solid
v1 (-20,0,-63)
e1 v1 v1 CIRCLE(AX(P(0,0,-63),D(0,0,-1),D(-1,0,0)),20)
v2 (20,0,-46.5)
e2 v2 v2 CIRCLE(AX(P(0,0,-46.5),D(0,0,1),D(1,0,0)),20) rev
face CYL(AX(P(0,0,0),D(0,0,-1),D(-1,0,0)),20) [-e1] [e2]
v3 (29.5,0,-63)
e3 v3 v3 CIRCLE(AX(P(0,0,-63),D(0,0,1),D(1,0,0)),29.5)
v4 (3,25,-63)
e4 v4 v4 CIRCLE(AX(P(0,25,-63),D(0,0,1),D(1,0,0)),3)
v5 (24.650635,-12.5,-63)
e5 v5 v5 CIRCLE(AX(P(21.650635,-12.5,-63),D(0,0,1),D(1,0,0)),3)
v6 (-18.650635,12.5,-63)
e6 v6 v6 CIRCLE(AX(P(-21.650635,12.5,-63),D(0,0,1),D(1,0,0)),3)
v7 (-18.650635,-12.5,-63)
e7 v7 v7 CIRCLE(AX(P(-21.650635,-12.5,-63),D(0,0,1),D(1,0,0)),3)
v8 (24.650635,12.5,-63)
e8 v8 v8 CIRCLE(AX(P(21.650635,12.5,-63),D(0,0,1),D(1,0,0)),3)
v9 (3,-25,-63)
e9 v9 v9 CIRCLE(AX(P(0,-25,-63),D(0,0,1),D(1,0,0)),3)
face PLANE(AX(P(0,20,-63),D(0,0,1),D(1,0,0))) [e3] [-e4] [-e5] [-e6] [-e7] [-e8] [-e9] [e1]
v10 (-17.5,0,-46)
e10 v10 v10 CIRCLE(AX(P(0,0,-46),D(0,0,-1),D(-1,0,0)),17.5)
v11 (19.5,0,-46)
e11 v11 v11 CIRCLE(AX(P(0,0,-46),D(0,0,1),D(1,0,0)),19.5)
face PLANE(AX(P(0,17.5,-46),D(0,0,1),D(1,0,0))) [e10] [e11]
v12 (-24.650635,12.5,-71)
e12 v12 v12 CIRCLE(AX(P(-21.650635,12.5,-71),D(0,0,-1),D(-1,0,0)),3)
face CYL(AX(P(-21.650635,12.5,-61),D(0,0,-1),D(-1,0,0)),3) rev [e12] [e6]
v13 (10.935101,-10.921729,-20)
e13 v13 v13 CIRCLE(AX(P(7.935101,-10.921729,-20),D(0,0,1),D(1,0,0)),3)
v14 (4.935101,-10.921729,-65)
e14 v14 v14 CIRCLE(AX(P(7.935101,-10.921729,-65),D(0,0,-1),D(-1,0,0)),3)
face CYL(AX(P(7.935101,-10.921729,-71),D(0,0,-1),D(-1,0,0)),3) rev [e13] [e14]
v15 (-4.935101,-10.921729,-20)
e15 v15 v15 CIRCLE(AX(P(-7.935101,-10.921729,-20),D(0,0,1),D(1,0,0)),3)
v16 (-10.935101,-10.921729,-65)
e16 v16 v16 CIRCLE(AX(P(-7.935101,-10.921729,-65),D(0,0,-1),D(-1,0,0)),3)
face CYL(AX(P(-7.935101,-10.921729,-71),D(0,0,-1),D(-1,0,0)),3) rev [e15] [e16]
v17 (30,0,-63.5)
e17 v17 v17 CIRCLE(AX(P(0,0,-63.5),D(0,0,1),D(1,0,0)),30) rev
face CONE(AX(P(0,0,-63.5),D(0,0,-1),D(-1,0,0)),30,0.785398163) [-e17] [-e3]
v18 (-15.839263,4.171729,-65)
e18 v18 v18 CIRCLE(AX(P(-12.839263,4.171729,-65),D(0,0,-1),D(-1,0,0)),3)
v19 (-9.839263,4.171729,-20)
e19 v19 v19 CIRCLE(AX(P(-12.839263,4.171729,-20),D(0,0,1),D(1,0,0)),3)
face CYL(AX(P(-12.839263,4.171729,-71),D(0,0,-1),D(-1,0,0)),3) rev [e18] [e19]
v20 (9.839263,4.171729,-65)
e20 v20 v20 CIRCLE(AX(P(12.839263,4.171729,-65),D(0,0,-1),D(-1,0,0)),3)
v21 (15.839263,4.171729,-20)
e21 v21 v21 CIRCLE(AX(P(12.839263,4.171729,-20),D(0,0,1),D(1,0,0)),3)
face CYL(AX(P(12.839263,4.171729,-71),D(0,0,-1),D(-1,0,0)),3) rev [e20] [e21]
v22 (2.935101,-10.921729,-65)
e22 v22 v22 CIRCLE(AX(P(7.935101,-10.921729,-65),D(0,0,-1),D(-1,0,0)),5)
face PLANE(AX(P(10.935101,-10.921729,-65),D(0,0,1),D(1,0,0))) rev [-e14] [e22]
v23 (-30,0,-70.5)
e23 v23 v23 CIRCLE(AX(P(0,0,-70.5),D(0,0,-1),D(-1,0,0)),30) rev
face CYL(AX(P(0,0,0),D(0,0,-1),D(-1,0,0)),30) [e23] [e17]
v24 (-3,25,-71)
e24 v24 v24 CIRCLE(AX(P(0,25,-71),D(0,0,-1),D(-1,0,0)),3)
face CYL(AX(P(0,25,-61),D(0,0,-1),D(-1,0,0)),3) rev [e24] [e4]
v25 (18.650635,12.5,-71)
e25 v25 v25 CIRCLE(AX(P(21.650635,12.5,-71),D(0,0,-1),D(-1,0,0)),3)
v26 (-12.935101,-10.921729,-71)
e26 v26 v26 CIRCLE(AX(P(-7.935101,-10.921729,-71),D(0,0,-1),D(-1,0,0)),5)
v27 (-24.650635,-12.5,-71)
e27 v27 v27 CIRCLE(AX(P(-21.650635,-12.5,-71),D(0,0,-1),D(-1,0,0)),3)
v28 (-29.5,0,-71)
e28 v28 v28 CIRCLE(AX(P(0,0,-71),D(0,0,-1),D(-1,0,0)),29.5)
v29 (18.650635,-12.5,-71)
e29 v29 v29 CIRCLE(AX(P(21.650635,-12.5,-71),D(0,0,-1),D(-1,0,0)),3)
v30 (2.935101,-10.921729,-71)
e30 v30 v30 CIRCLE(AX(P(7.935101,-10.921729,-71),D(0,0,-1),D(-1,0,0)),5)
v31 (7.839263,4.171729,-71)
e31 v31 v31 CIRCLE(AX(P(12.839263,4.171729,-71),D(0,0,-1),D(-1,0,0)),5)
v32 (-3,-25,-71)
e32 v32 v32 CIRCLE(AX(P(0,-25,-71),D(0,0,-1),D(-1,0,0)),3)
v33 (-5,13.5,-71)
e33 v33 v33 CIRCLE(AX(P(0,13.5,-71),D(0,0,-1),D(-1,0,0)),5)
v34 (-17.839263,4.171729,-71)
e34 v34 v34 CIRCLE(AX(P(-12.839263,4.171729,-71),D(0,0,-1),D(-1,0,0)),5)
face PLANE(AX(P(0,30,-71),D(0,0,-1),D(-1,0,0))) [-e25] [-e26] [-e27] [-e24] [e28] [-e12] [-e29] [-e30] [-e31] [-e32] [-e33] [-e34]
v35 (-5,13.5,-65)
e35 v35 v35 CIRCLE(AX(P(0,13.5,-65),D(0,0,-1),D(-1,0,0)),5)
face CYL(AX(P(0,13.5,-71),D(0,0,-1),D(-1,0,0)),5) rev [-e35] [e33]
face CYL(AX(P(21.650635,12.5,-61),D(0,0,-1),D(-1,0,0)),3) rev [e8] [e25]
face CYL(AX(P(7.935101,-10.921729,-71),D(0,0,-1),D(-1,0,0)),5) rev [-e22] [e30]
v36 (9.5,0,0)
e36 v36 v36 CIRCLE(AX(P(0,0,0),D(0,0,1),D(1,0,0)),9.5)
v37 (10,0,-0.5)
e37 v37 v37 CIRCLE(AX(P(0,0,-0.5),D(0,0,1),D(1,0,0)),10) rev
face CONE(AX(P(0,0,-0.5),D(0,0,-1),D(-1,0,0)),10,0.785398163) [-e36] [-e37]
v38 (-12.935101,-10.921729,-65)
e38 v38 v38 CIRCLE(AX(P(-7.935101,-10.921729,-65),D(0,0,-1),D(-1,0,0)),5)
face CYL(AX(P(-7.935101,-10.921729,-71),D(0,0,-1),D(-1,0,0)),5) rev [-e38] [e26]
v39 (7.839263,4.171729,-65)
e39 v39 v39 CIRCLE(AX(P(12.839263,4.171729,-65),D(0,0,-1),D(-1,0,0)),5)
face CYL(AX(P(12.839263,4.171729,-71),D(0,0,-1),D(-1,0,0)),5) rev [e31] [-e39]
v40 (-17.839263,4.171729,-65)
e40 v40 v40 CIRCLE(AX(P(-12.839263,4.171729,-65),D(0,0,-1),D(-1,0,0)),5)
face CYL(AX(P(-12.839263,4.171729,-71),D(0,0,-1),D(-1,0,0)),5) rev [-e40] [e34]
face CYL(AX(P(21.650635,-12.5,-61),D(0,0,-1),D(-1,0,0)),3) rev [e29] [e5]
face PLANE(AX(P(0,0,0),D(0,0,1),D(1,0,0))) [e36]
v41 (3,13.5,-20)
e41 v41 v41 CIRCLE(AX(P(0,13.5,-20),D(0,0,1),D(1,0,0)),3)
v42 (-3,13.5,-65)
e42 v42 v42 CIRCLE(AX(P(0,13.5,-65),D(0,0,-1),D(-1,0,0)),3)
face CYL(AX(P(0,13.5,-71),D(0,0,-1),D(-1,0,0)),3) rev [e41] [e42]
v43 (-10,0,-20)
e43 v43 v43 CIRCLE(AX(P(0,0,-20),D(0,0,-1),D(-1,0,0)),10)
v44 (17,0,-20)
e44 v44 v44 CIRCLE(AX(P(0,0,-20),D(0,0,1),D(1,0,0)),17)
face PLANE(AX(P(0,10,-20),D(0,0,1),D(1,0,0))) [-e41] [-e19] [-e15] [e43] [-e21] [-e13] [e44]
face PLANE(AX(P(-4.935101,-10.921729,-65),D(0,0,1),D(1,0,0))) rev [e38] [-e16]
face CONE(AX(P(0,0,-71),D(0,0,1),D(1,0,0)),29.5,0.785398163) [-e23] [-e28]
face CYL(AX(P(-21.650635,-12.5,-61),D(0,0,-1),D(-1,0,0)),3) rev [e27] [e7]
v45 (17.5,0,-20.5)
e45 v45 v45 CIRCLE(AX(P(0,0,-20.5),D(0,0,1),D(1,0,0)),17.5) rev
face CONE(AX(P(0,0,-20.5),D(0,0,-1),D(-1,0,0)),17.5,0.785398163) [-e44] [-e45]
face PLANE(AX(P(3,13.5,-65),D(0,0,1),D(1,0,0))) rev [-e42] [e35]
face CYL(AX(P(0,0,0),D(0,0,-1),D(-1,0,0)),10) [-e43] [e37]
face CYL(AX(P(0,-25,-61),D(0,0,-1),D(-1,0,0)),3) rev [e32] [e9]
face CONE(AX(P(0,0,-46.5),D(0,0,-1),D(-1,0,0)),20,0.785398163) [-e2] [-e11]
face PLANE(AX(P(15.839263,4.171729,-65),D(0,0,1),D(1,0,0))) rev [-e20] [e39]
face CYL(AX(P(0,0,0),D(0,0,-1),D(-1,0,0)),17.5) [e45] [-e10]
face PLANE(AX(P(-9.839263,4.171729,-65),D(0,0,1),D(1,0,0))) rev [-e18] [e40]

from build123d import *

# Parameters (mm, degrees)
SKETCH_2_R                   = 3
CUT_EXTRUDE_1_DEPTH          = 10
HOLE_WIZARD_M6_2_D           = 6
HOLE_WIZARD_M6_2_CBORE_D     = 10
HOLE_WIZARD_M6_2_CBORE_DEPTH = 6
PATTERN_CIRCULAR_1_COUNT     = 5
CHAMFER_1_SIZE               = 0.5


with BuildPart() as part:
    # 草图1 → 旋转1 (revolve)
    with BuildSketch(Plane(origin=(0, 0, 0), x_dir=(0, 0, -1), z_dir=(1, 0, 0)), mode=Mode.PRIVATE) as revolve_1_sk:
        Polygon((0, 0), (0, 10), (20, 10), (20, 17.5), (46, 17.5), (46, 20), (63, 20), (63, 30), (71, 30), (71, 0), align=None)
    revolve(revolve_1_sk.sketch.rotate(Axis((0, 0, 0), (0, 0, 1)), 90), axis=Axis((0, 0, 0), (0, 0, 1)))

    # 草图2 → 切除-拉伸1 (cut)
    with BuildSketch(Plane(origin=(0, 0, -71), x_dir=(-1, 0, 0), z_dir=(0, 0, -1))):
        with Locations((0, 25)):
            Circle(SKETCH_2_R)
        with Locations((21.650635095, 12.5)):
            Circle(SKETCH_2_R)
        with Locations((21.650635095, -12.5)):
            Circle(SKETCH_2_R)
        with Locations((0, -25)):
            Circle(SKETCH_2_R)
        with Locations((-21.650635095, -12.5)):
            Circle(SKETCH_2_R)
        with Locations((-21.650635095, 12.5)):
            Circle(SKETCH_2_R)
    extrude(amount=-CUT_EXTRUDE_1_DEPTH, mode=Mode.SUBTRACT)

    # M6 六角头螺栓的柱形沉头孔2 (through all)
    with Locations(Plane(origin=(0, 0, -71), x_dir=(-1, 0, 0), z_dir=(0, 0, -1))):
        with Locations((0, 13.5)):
            hole_wizard_m6_2 = CounterBoreHole(HOLE_WIZARD_M6_2_D / 2, HOLE_WIZARD_M6_2_CBORE_D / 2, HOLE_WIZARD_M6_2_CBORE_DEPTH)

    # 阵列(圆周)1: M6 六角头螺栓的柱形沉头孔2 ×5 about axis
    pattern_circular_1_axis = Axis((0, 0, 0), (0, 0, 1))
    for i in range(1, PATTERN_CIRCULAR_1_COUNT):
        add(hole_wizard_m6_2.rotate(pattern_circular_1_axis, i * 360 / PATTERN_CIRCULAR_1_COUNT), mode=Mode.SUBTRACT)

    # 倒角1
    chamfer_1_edges = [part.edges().sort_by_distance(p)[0] for p in [
        (17.5, 0, -20),
        (10, 0, 0),
        (30, 0, -71),
        (30, 0, -63),
        (20, 0, -46),
    ]]
    chamfer(chamfer_1_edges, length=CHAMFER_1_SIZE)


solid = part.part
